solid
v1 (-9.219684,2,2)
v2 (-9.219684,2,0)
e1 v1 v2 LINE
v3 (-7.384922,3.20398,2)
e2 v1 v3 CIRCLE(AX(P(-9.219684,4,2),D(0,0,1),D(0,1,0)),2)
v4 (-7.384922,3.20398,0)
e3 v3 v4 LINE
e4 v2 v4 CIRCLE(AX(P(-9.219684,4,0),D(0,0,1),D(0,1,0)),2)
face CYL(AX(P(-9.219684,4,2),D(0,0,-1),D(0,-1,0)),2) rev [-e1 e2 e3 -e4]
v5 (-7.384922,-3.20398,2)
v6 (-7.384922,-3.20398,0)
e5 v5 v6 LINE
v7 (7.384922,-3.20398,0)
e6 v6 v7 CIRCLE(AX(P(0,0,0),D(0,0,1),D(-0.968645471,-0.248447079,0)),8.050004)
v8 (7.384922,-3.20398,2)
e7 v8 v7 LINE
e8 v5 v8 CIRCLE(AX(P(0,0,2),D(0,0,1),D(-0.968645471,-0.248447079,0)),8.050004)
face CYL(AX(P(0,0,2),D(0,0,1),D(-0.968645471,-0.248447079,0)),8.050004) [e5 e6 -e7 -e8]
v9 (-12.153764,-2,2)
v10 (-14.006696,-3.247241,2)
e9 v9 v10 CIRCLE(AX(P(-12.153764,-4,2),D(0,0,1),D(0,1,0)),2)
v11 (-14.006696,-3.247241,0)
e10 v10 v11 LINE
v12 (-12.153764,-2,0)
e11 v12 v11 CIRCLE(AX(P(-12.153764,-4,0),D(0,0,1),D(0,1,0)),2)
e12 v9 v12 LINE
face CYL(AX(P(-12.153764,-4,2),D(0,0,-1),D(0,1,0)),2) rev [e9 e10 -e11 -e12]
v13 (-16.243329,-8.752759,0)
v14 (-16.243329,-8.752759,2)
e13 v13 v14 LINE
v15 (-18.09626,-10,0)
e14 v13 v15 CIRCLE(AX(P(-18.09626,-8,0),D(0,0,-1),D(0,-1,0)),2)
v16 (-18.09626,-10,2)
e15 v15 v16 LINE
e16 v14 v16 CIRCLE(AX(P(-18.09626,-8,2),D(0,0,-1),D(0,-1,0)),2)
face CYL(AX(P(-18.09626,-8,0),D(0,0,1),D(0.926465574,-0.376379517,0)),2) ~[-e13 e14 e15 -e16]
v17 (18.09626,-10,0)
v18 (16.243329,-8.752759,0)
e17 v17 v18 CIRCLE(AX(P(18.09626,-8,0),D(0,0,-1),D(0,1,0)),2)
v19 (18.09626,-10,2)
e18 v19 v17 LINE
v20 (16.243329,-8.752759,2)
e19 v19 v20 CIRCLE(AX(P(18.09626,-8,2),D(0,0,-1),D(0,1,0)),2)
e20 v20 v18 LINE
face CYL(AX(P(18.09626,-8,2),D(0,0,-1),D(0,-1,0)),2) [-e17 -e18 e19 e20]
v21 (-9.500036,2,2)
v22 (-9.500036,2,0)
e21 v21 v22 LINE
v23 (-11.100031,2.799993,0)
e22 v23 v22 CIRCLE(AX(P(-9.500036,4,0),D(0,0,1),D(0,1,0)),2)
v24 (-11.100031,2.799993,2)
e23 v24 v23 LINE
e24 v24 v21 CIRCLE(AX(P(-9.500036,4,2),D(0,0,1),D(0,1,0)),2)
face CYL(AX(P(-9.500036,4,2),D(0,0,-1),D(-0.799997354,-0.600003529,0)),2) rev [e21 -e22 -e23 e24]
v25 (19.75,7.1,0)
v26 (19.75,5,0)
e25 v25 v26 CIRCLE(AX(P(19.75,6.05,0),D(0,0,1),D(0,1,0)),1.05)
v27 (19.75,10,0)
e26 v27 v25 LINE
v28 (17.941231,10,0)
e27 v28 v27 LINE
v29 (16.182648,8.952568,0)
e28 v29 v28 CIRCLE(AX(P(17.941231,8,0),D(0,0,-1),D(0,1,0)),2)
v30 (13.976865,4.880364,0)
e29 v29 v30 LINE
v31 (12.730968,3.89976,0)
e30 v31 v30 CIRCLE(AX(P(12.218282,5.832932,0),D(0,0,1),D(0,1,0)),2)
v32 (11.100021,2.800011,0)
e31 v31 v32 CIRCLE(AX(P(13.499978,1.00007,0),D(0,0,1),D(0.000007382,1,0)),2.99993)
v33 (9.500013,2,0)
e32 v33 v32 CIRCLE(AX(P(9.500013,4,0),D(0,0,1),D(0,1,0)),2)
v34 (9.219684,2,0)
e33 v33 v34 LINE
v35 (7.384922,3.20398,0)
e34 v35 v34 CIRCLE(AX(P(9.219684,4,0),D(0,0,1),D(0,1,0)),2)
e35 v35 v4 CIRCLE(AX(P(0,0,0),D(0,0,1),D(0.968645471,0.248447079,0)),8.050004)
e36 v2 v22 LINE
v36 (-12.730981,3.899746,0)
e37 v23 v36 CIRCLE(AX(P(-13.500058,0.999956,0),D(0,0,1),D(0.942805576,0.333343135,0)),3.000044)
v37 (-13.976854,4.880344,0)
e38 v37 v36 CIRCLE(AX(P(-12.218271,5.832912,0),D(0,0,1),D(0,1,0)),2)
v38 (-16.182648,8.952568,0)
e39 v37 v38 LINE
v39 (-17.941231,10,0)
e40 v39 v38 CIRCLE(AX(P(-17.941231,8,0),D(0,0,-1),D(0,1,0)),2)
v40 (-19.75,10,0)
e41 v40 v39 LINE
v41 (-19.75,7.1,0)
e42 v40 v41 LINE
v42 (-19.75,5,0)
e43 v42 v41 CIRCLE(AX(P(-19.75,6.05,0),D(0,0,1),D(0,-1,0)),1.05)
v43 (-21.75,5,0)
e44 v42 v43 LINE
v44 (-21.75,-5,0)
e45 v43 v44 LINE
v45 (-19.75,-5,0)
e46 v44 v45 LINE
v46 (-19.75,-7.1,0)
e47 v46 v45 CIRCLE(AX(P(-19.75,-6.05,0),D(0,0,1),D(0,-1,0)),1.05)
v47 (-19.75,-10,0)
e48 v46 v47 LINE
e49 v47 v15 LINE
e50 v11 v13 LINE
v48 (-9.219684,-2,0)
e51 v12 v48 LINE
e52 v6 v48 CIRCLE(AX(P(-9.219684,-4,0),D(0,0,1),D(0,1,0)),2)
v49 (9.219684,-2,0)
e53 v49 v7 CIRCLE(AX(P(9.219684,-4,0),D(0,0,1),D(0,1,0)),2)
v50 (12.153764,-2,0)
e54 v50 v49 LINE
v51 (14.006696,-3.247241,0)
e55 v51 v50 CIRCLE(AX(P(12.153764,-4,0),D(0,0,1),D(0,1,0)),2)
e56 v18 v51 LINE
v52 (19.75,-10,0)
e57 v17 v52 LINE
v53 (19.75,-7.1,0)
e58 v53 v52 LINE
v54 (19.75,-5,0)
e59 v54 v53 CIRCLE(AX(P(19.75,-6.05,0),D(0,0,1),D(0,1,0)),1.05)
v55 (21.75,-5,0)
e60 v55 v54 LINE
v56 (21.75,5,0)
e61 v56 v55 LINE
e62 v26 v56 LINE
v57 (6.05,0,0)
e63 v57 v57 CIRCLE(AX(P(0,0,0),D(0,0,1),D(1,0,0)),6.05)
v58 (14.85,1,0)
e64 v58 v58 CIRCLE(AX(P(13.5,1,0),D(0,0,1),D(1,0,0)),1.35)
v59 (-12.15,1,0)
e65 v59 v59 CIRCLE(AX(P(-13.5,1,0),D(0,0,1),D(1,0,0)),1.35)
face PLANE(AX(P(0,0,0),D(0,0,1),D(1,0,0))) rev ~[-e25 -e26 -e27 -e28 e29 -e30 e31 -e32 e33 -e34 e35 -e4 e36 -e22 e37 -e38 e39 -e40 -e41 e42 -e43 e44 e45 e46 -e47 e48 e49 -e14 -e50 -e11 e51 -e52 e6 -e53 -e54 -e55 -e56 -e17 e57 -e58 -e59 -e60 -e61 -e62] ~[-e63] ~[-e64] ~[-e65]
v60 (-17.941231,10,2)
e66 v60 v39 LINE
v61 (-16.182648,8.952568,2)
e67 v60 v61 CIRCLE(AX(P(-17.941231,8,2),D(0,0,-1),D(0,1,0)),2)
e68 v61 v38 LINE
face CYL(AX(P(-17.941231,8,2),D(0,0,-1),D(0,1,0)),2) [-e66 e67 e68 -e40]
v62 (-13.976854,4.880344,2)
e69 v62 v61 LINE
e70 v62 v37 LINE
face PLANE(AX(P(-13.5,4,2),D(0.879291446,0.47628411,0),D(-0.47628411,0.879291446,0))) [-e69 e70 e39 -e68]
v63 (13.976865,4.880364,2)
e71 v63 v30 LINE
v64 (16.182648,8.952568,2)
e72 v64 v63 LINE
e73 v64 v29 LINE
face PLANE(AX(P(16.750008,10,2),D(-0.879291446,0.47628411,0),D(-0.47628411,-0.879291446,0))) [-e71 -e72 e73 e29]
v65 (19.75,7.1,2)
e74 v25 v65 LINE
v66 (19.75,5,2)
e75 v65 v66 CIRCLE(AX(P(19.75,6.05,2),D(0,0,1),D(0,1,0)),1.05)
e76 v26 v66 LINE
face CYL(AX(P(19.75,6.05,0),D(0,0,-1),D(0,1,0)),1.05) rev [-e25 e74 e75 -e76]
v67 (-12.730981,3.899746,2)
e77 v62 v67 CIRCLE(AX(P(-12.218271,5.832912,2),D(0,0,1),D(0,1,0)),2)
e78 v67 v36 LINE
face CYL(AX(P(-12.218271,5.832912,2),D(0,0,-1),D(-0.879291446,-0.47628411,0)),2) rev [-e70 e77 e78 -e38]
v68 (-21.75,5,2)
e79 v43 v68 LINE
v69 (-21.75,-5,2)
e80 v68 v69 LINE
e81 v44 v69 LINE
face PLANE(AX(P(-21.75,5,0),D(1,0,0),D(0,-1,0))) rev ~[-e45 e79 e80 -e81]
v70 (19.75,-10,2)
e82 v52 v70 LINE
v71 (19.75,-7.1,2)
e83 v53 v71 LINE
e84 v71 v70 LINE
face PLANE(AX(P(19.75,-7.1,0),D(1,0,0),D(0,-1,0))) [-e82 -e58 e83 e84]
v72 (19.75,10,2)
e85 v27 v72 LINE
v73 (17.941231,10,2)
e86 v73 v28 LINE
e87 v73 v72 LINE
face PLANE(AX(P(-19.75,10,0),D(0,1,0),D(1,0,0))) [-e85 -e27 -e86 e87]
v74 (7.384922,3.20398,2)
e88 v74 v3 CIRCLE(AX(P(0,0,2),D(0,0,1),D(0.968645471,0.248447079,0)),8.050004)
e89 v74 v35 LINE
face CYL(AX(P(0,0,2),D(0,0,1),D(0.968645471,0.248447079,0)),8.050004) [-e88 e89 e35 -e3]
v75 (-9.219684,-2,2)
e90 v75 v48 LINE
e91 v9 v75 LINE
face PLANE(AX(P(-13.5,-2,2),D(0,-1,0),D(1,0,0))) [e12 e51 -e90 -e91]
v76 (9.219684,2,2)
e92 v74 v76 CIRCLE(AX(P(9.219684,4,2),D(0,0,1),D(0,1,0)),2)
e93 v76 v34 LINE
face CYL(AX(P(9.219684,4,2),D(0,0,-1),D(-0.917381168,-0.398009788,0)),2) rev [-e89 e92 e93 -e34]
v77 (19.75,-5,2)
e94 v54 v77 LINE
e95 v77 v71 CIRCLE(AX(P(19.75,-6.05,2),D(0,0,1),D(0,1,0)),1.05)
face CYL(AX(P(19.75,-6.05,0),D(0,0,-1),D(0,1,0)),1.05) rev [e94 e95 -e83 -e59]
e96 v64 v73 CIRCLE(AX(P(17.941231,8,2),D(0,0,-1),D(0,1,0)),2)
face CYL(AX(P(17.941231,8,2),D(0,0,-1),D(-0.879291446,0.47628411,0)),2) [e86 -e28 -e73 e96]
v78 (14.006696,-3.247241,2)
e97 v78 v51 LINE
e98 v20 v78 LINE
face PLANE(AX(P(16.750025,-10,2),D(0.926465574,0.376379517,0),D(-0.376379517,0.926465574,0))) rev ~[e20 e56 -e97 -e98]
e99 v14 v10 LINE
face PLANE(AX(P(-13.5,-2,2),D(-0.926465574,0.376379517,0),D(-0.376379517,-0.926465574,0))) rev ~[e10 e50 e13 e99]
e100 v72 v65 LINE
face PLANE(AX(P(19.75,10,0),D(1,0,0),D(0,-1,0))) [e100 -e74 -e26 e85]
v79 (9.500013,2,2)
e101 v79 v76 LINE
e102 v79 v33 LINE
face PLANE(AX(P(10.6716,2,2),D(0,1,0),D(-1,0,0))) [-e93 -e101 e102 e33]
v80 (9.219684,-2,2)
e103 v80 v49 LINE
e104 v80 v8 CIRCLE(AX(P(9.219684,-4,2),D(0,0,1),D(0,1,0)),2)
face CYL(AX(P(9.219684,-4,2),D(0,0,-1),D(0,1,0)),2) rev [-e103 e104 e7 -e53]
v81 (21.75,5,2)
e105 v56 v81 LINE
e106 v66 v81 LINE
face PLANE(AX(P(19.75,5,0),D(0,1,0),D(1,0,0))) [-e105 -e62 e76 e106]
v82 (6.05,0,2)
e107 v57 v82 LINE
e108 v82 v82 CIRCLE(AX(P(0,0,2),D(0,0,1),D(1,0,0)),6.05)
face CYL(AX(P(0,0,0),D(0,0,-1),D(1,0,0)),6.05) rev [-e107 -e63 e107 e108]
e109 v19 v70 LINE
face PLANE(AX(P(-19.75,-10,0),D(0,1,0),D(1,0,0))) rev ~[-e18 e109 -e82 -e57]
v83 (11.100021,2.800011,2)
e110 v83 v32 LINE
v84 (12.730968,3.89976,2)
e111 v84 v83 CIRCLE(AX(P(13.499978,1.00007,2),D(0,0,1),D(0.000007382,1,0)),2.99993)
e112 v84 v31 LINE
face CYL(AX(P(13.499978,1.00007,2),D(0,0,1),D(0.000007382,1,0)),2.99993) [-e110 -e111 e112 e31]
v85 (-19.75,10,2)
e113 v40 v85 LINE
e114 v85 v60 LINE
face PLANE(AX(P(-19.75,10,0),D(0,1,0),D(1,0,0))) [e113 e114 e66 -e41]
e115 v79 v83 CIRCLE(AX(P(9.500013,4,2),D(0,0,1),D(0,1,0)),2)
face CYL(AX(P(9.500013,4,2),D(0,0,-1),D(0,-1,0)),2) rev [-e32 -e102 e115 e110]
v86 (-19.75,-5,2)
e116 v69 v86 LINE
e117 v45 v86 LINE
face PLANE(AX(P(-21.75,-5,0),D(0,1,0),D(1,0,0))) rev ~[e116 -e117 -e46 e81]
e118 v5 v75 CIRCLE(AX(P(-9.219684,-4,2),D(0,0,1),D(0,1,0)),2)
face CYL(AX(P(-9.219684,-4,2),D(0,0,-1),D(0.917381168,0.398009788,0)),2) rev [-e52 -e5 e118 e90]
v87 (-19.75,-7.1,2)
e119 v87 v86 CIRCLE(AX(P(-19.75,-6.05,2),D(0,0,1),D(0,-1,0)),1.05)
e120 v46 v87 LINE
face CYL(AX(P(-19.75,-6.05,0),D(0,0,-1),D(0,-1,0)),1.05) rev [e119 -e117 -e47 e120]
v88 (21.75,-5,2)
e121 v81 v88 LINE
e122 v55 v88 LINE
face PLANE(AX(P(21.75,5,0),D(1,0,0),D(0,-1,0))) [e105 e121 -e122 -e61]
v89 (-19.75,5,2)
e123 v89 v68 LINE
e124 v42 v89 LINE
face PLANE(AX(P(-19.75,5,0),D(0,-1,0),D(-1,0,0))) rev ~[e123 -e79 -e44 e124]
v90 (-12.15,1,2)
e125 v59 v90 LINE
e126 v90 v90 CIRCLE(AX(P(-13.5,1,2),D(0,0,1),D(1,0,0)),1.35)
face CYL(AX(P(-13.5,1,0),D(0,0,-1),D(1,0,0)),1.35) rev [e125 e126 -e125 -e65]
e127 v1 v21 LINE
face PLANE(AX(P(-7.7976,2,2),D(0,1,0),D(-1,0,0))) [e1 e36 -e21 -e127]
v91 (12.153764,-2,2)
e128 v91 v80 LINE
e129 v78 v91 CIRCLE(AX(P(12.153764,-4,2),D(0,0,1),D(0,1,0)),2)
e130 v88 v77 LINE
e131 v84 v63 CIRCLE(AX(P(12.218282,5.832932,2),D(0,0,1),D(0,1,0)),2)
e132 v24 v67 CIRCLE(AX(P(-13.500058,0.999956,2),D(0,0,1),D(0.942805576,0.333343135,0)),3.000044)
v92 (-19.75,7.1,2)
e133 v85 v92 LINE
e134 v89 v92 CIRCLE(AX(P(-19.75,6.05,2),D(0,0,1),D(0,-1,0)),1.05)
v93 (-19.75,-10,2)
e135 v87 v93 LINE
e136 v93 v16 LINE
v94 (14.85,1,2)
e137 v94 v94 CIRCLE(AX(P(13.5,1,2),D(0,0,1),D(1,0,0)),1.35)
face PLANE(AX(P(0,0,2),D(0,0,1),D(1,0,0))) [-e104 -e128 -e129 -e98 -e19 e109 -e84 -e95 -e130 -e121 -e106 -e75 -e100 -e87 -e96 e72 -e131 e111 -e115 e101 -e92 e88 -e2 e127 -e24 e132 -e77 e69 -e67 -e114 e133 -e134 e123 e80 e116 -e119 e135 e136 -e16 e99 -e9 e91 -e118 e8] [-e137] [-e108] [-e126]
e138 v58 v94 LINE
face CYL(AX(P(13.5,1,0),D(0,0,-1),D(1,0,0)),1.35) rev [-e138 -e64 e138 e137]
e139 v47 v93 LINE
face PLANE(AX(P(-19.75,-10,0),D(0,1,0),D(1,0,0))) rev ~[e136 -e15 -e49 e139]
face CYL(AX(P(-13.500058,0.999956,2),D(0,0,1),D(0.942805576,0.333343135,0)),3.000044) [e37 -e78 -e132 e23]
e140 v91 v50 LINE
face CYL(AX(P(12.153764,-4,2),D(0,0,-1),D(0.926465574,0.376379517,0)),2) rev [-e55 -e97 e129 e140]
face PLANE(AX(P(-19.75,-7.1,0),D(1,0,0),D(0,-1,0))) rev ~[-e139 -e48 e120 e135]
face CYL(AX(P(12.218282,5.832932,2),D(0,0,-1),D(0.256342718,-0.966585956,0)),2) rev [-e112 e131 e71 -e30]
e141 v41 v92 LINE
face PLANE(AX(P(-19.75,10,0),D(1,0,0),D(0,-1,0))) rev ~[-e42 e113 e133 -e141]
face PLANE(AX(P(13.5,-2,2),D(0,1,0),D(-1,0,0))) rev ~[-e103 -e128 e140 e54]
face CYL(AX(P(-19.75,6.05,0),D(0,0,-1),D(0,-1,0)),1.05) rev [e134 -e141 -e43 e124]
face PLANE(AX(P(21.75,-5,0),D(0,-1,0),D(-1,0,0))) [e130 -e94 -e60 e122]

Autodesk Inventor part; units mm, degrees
ref_plane "YZ Plane" through (0, 0, 0) normal (1, 0, 0) x (0, 1, 0)
ref_plane "XZ Plane" through (0, 0, 0) normal (0, 1, 0) x (-1, 0, 0)
ref_plane "XY Plane" through (0, 0, 0) normal (0, 0, 1) x (1, 0, 0)
sketch "スケッチ1" plane through (0, 0, 0) normal (0, 0, 1) x (1, 0, 0)
  circle A0 centre (0, 0) radius 10.5 construction
  circle A1 centre (-13.5, 1) radius 1.35
  line L0 (-13.5, 28) -> (13.5, 28) construction
  line L1 (13.5, 28) -> (13.5, 1) construction
  line L2 (13.5, 1) -> (-13.5, 1) construction
  line L3 (-13.5, 1) -> (-13.5, 28) construction
  circle A2 centre (-13.5, 28) radius 1.35
  circle A3 centre (13.5, 1) radius 1.35
  circle A4 centre (13.5, 28) radius 1.35
  line L4 (-19.75, 10) -> (-19.75, 7.1)
  line L5 (-19.75, 10) -> (19.75, 10)
  line L6 (19.75, 10) -> (19.75, 7.1)
  line L7 (-19.75, -7.1) -> (-19.75, -10)
  line L8 (-19.75, -10) -> (19.75, -10)
  line L9 (19.75, -7.1) -> (19.75, -10)
  line L10 (-19.75, 5) -> (-21.75, 5)
  line L11 (-21.75, 5) -> (-21.75, -5)
  line L12 (-21.75, -5) -> (-19.75, -5)
  arc A5 (-19.75, 5) -> (-19.75, 7.1) centre (-19.75, 6.05) ccw
  arc A6 (-19.75, -7.1) -> (-19.75, -5) centre (-19.75, -6.05) ccw
  line L13 (19.75, 5) -> (21.75, 5)
  line L14 (21.75, 5) -> (21.75, -5)
  line L15 (21.75, -5) -> (19.75, -5)
  arc A7 (19.75, 7.1) -> (19.75, 5) centre (19.75, 6.05) ccw
  line L16 (0, 28) -> (0, 0) construction
  arc A8 (19.75, -5) -> (19.75, -7.1) centre (19.75, -6.05) ccw
  line L17 (-21.75, 0) -> (21.75, 0) construction
  circle A9 centre (0, 0) radius 6.05
  point P0 (0, 10)
  dimension "d8" = 21
  dimension "d10" = 27
  dimension "d12" = 1
  dimension "d13" = 2.7
  dimension "d38" = 27
  dimension "d44" = 27
  dimension "d47" = 1.05
  dimension "d48" = 39.5
  dimension "d49" = 2
  dimension "d50" = 10
  dimension "d51" = 5
  dimension "d52" = 12.1
extrude "押し出し1" add sketch "スケッチ1" along normal blind 2 contours L5 L6 A7 L13 L14 L15 A8 L9 L8 L7 A6 L12 L11 L10 A5 L4
sketch "スケッチ2" plane through (0, 0, 2) normal (0, 0, 1) x (1, 0, 0)
  circle A0 centre (0, 0) radius 6.05 projected
  circle A1 centre (13.5, 1) radius 1.35 projected
  circle A2 centre (-13.5, 1) radius 1.35 projected
  line L0 (-19.75, -10) -> (19.75, -10) projected
  line L1 (21.75, -5) -> (21.75, 5) projected
  line L2 (19.75, 10) -> (-19.75, 10) projected
  line L3 (21.75, 0) -> (0, 0) construction
  line L4 (13.5, -2) -> (7.7976, -2)
  arc A3 (-7.7976, -2) -> (7.7976, -2) centre (0, 0) ccw
  line L5 (-13.5, -2) -> (-7.7976, -2)
  line L6 (0, 0) -> (0, -6.05) construction
  circle A4 centre (0, 0) radius 6.05 construction
  arc A5 (13.5, 4) -> (10.6716, 2) centre (13.5, 1) ccw
  line L7 (10.6716, 2) -> (7.7976, 2)
  arc A6 (7.7976, 2) -> (-7.7976, 2) centre (0, 0) ccw
  line L8 (-7.7976, 2) -> (-10.6716, 2)
  arc A7 (-10.6716, 2) -> (-13.5, 4) centre (-13.5, 1) ccw
  line L9 (-13.5, 4) -> (-18.2897, 12.8425)
  line L10 (-18.2897, 12.8425) -> (18.2897, 12.8425)
  line L11 (18.2897, 12.8425) -> (13.5, 4)
  line L12 (-13.5, -2) -> (-18.8131, -15.0783)
  line L13 (-18.8131, -15.0783) -> (18.8131, -15.0783)
  line L14 (18.8131, -15.0783) -> (13.5, -2)
  line L15 (-16.75, 10) -> (-19.75, 10) construction
  line L16 (16.75, 10) -> (19.75, 10) construction
  line L17 (-19.75, -10) -> (19.75, -10) construction
  line L18 (-19.75, -10) -> (-16.75, -10) construction
  line L19 (16.75, -10) -> (19.75, -10) construction
  dimension "d55" = 2
  dimension "d56" = 2
  dimension "d57" = 3
  dimension "d61" = 3
  dimension "d62" = 3
extrude "押し出し2" cut sketch "スケッチ2" against normal blind 10 contours L12 L5 A3 L4 L14 L0 | L0 L14 L13 L12 | L11 A5 L7 A6 L8 A7 L9 L2
fillet "フィレット1" radius 2 14 edges at (7.7976, 2, 1) (7.7976, -2, 1) (-7.7976, -2, 1) (-7.7976, 2, 1) (13.5, -2, 1) (-13.5, -2, 1) (-13.5, 4, 1) (-10.6716, 2, 1) (10.6716, 2, 1) (13.5, 4, 1) (-16.75, 10, 1) (-16.75, -10, 1) (16.75, -10, 1) (16.75, 10, 1)
equation "\"d38\" = d10"
equation "\"d44\" = d10"
equation "\"d50\" = d11"
equation "\"d51\" = d12_1"
equation "\"d11\" = 10"
equation "\"d12_1\" = 5"
properties part number "足首_サブフレーム_1_2" material "アルミニウム 2014-T4"
